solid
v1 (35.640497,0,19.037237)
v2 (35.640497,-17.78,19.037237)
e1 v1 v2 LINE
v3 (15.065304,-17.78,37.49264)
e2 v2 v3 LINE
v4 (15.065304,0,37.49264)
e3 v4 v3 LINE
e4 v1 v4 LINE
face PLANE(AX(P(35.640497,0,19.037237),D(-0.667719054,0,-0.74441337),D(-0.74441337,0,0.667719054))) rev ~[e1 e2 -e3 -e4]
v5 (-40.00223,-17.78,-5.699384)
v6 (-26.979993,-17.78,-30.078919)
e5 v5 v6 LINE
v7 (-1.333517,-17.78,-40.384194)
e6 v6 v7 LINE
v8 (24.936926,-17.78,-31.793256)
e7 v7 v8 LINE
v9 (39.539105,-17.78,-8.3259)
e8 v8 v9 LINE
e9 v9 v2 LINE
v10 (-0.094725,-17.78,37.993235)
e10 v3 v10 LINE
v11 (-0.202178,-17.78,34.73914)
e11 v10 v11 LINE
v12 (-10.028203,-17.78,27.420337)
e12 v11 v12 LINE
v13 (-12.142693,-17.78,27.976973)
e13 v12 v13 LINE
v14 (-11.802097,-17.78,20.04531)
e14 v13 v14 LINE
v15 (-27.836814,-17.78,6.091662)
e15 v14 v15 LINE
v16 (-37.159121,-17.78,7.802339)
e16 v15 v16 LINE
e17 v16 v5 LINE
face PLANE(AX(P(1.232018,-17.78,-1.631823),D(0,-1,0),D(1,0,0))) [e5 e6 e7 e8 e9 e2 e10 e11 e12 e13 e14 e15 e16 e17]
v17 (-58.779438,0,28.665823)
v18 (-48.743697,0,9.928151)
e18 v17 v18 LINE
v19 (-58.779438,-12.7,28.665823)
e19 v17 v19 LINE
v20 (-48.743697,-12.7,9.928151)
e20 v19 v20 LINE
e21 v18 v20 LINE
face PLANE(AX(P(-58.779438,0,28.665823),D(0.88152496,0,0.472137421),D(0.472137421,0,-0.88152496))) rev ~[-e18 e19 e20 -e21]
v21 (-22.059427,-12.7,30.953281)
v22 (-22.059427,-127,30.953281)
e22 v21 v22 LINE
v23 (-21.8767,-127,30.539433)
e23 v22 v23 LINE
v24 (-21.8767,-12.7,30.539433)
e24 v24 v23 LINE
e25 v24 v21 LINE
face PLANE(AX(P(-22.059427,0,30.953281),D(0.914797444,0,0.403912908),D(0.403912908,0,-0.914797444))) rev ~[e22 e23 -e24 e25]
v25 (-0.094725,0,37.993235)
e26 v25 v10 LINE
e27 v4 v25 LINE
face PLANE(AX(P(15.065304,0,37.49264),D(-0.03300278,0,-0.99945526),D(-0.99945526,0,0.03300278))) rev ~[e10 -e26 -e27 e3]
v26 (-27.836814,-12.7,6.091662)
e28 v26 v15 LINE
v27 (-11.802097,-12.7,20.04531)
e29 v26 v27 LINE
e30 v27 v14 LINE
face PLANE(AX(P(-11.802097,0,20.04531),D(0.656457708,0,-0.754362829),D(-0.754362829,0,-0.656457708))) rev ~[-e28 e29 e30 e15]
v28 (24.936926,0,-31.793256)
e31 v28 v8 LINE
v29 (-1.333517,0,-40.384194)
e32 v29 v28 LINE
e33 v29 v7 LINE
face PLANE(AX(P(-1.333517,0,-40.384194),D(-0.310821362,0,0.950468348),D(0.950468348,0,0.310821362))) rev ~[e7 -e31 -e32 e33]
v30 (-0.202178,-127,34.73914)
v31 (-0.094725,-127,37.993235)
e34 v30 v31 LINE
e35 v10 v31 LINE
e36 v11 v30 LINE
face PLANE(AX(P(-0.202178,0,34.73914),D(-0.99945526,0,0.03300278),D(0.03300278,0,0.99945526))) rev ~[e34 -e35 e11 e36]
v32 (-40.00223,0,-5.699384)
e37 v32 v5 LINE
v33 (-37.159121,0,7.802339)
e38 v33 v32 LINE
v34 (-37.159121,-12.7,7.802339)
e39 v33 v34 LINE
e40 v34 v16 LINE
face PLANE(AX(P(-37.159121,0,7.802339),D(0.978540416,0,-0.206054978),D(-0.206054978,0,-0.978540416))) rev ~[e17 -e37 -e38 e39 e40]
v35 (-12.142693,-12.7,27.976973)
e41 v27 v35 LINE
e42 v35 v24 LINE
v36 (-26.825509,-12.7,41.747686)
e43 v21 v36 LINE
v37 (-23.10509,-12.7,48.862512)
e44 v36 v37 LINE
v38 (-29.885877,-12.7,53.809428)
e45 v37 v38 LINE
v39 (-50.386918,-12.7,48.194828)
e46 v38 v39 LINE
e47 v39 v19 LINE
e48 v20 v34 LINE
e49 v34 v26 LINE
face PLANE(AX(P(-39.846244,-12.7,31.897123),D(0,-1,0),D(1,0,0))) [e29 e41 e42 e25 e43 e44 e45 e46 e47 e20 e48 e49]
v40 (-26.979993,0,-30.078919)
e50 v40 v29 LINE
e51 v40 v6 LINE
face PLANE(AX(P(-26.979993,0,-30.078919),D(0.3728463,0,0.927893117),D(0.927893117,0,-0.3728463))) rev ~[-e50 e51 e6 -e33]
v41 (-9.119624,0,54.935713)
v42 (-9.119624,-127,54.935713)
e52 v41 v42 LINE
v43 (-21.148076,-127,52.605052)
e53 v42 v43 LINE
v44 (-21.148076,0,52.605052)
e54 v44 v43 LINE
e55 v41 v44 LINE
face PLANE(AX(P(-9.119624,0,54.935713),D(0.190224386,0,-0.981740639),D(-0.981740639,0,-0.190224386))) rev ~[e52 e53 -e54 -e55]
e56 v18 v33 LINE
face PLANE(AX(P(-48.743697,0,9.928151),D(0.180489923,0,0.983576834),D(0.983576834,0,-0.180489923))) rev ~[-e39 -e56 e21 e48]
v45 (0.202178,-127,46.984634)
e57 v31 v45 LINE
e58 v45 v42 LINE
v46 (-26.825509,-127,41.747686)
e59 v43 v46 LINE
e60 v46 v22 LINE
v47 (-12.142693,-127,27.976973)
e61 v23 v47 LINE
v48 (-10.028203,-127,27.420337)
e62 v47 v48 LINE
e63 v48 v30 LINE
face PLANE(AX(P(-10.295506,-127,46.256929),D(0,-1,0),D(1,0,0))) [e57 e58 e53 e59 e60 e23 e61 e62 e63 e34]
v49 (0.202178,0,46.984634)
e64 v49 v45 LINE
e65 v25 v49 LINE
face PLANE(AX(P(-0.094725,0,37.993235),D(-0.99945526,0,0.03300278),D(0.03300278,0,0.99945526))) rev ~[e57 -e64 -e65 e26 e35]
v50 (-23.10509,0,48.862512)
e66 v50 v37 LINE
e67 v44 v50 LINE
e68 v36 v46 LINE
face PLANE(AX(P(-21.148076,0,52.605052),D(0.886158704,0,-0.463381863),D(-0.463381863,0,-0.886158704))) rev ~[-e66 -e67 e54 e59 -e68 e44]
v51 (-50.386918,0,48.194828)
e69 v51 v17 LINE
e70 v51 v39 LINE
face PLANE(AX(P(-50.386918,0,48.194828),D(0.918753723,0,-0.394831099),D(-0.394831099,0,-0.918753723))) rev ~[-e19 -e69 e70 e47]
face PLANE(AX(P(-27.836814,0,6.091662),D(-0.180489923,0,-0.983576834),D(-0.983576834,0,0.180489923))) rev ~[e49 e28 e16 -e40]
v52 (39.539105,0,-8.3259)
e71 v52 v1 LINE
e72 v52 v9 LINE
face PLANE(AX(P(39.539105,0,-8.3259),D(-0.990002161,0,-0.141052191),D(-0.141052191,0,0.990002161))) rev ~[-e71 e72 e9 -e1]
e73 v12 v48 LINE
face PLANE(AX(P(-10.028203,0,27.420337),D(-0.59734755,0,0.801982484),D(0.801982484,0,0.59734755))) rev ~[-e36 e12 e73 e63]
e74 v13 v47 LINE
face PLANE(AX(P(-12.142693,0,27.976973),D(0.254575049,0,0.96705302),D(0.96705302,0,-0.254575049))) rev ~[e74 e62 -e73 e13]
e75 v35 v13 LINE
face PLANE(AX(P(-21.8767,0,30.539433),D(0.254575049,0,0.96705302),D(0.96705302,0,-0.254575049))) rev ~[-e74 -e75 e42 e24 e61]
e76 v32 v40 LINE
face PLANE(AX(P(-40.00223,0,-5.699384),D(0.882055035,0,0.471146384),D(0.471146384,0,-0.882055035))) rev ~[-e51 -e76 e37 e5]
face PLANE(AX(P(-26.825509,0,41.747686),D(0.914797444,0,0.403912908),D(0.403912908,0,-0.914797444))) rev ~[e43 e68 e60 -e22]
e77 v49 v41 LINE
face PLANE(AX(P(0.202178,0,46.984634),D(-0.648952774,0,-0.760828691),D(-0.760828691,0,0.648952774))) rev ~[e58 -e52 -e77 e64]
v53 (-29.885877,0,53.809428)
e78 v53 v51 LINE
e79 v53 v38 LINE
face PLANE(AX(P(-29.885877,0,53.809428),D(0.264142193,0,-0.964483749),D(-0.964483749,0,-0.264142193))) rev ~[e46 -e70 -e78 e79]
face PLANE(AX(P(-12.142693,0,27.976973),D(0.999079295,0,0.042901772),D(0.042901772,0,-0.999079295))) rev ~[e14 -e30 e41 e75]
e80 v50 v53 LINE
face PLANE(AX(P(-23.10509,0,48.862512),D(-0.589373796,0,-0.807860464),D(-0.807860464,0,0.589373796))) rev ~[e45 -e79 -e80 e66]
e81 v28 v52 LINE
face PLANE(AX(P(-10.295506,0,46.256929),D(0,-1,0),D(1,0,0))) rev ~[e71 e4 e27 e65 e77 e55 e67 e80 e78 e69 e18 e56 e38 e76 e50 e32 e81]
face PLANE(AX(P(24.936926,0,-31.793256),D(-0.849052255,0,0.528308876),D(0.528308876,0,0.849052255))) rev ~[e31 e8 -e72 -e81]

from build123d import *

# Parameters (mm, degrees)
F1_DEPTH = 17.78
F2_DEPTH = 12.7
F3_DEPTH = 127
F4_DEPTH = 50.8


with BuildPart() as f1:
    # F0 (on Front) → F1 (new body)
    with BuildSketch(Plane.XZ):
        Polygon((-26.9799930214, -30.0789192878), (-1.3335170985, -40.384194199), (24.9369262952, -31.7932558242), (39.5391047323, -8.3258997066), (35.640496637, 19.0372374158), (15.0653040652, 37.492639576), (-0.0947250793, 37.9932353779), (-0.2021778175, 34.7391396875), (-10.0282026626, 27.4203366243), (-12.1426928308, 27.9769725351), (-11.8020968639, 20.0453100056), (-27.8368135787, 6.0916620046), (-37.1591211673, 7.8023393187), (-40.0022303604, -5.6993837518), align=None)
    extrude(amount=F1_DEPTH)

    # F0 (on Front) → F2 (join)
    with BuildSketch(Plane.XZ):
        Polygon((-48.7436972284, 9.9281511173), (-37.1591211673, 7.8023393187), (-34.3069795385, 21.3469567832), (-22.0594268614, 30.9532808442), (-26.8255087596, 41.7476859043), (-23.1050903168, 48.862511609), (-29.8858768711, 53.8094276768), (-50.3869184057, 48.1948280781), (-58.7794380023, 28.6658227916), align=None)
        Polygon((-34.3069795385, 21.3469567832), (-37.1591211673, 7.8023393187), (-27.8368135787, 6.0916620046), (-11.8020968639, 20.0453100056), (-12.1426928308, 27.9769725351), (-21.8766995951, 30.539433124), (-22.0594268614, 30.9532808442), align=None)
    extrude(amount=F2_DEPTH)

    # F0 (on Front) → F3 (join)
    with BuildSketch(Plane.XZ):
        Polygon((-12.5591117109, 38.4048189943), (-0.0947250793, 37.9932353779), (0.2021778175, 46.9846343306), (-9.1196237983, 54.9357133249), (-21.1480759179, 52.6050520151), (-23.1050903168, 48.862511609), (-12.7140158191, 41.2817135729), (-12.589456174, 38.3810184234), align=None)
        Polygon((-0.2021778175, 34.7391396875), (-0.0947250793, 37.9932353779), (-12.5591117109, 38.4048189943), (-12.589456174, 38.3810184234), (-12.1426928308, 27.9769725351), (-10.0282026626, 27.4203366243), align=None)
        Polygon((-26.8255087596, 41.7476859043), (-22.0594268614, 30.9532808442), (-12.589456174, 38.3810184234), (-12.7140158191, 41.2817135729), (-23.1050903168, 48.862511609), align=None)
        Polygon((-12.589456174, 38.3810184234), (-22.0594268614, 30.9532808442), (-21.8766995951, 30.539433124), (-12.1426928308, 27.9769725351), align=None)
    extrude(amount=F3_DEPTH)

    # F0 (on Front) → F4 (cut)
    with BuildSketch(Plane.XZ):
        Polygon((-26.8255087596, 41.7476859043), (-22.0594268614, 30.9532808442), (-12.589456174, 38.3810184234), (-12.7140158191, 41.2817135729), (-23.1050903168, 48.862511609), align=None)
        Polygon((-12.5591117109, 38.4048189943), (-0.0947250793, 37.9932353779), (0.2021778175, 46.9846343306), (-9.1196237983, 54.9357133249), (-21.1480759179, 52.6050520151), (-23.1050903168, 48.862511609), (-12.7140158191, 41.2817135729), (-12.589456174, 38.3810184234), align=None)
        Polygon((-0.2021778175, 34.7391396875), (-0.0947250793, 37.9932353779), (-12.5591117109, 38.4048189943), (-12.589456174, 38.3810184234), (-12.1426928308, 27.9769725351), (-10.0282026626, 27.4203366243), align=None)
        Polygon((-12.589456174, 38.3810184234), (-22.0594268614, 30.9532808442), (-21.8766995951, 30.539433124), (-12.1426928308, 27.9769725351), align=None)
    extrude(amount=-F4_DEPTH, mode=Mode.SUBTRACT)


solid = f1.part
